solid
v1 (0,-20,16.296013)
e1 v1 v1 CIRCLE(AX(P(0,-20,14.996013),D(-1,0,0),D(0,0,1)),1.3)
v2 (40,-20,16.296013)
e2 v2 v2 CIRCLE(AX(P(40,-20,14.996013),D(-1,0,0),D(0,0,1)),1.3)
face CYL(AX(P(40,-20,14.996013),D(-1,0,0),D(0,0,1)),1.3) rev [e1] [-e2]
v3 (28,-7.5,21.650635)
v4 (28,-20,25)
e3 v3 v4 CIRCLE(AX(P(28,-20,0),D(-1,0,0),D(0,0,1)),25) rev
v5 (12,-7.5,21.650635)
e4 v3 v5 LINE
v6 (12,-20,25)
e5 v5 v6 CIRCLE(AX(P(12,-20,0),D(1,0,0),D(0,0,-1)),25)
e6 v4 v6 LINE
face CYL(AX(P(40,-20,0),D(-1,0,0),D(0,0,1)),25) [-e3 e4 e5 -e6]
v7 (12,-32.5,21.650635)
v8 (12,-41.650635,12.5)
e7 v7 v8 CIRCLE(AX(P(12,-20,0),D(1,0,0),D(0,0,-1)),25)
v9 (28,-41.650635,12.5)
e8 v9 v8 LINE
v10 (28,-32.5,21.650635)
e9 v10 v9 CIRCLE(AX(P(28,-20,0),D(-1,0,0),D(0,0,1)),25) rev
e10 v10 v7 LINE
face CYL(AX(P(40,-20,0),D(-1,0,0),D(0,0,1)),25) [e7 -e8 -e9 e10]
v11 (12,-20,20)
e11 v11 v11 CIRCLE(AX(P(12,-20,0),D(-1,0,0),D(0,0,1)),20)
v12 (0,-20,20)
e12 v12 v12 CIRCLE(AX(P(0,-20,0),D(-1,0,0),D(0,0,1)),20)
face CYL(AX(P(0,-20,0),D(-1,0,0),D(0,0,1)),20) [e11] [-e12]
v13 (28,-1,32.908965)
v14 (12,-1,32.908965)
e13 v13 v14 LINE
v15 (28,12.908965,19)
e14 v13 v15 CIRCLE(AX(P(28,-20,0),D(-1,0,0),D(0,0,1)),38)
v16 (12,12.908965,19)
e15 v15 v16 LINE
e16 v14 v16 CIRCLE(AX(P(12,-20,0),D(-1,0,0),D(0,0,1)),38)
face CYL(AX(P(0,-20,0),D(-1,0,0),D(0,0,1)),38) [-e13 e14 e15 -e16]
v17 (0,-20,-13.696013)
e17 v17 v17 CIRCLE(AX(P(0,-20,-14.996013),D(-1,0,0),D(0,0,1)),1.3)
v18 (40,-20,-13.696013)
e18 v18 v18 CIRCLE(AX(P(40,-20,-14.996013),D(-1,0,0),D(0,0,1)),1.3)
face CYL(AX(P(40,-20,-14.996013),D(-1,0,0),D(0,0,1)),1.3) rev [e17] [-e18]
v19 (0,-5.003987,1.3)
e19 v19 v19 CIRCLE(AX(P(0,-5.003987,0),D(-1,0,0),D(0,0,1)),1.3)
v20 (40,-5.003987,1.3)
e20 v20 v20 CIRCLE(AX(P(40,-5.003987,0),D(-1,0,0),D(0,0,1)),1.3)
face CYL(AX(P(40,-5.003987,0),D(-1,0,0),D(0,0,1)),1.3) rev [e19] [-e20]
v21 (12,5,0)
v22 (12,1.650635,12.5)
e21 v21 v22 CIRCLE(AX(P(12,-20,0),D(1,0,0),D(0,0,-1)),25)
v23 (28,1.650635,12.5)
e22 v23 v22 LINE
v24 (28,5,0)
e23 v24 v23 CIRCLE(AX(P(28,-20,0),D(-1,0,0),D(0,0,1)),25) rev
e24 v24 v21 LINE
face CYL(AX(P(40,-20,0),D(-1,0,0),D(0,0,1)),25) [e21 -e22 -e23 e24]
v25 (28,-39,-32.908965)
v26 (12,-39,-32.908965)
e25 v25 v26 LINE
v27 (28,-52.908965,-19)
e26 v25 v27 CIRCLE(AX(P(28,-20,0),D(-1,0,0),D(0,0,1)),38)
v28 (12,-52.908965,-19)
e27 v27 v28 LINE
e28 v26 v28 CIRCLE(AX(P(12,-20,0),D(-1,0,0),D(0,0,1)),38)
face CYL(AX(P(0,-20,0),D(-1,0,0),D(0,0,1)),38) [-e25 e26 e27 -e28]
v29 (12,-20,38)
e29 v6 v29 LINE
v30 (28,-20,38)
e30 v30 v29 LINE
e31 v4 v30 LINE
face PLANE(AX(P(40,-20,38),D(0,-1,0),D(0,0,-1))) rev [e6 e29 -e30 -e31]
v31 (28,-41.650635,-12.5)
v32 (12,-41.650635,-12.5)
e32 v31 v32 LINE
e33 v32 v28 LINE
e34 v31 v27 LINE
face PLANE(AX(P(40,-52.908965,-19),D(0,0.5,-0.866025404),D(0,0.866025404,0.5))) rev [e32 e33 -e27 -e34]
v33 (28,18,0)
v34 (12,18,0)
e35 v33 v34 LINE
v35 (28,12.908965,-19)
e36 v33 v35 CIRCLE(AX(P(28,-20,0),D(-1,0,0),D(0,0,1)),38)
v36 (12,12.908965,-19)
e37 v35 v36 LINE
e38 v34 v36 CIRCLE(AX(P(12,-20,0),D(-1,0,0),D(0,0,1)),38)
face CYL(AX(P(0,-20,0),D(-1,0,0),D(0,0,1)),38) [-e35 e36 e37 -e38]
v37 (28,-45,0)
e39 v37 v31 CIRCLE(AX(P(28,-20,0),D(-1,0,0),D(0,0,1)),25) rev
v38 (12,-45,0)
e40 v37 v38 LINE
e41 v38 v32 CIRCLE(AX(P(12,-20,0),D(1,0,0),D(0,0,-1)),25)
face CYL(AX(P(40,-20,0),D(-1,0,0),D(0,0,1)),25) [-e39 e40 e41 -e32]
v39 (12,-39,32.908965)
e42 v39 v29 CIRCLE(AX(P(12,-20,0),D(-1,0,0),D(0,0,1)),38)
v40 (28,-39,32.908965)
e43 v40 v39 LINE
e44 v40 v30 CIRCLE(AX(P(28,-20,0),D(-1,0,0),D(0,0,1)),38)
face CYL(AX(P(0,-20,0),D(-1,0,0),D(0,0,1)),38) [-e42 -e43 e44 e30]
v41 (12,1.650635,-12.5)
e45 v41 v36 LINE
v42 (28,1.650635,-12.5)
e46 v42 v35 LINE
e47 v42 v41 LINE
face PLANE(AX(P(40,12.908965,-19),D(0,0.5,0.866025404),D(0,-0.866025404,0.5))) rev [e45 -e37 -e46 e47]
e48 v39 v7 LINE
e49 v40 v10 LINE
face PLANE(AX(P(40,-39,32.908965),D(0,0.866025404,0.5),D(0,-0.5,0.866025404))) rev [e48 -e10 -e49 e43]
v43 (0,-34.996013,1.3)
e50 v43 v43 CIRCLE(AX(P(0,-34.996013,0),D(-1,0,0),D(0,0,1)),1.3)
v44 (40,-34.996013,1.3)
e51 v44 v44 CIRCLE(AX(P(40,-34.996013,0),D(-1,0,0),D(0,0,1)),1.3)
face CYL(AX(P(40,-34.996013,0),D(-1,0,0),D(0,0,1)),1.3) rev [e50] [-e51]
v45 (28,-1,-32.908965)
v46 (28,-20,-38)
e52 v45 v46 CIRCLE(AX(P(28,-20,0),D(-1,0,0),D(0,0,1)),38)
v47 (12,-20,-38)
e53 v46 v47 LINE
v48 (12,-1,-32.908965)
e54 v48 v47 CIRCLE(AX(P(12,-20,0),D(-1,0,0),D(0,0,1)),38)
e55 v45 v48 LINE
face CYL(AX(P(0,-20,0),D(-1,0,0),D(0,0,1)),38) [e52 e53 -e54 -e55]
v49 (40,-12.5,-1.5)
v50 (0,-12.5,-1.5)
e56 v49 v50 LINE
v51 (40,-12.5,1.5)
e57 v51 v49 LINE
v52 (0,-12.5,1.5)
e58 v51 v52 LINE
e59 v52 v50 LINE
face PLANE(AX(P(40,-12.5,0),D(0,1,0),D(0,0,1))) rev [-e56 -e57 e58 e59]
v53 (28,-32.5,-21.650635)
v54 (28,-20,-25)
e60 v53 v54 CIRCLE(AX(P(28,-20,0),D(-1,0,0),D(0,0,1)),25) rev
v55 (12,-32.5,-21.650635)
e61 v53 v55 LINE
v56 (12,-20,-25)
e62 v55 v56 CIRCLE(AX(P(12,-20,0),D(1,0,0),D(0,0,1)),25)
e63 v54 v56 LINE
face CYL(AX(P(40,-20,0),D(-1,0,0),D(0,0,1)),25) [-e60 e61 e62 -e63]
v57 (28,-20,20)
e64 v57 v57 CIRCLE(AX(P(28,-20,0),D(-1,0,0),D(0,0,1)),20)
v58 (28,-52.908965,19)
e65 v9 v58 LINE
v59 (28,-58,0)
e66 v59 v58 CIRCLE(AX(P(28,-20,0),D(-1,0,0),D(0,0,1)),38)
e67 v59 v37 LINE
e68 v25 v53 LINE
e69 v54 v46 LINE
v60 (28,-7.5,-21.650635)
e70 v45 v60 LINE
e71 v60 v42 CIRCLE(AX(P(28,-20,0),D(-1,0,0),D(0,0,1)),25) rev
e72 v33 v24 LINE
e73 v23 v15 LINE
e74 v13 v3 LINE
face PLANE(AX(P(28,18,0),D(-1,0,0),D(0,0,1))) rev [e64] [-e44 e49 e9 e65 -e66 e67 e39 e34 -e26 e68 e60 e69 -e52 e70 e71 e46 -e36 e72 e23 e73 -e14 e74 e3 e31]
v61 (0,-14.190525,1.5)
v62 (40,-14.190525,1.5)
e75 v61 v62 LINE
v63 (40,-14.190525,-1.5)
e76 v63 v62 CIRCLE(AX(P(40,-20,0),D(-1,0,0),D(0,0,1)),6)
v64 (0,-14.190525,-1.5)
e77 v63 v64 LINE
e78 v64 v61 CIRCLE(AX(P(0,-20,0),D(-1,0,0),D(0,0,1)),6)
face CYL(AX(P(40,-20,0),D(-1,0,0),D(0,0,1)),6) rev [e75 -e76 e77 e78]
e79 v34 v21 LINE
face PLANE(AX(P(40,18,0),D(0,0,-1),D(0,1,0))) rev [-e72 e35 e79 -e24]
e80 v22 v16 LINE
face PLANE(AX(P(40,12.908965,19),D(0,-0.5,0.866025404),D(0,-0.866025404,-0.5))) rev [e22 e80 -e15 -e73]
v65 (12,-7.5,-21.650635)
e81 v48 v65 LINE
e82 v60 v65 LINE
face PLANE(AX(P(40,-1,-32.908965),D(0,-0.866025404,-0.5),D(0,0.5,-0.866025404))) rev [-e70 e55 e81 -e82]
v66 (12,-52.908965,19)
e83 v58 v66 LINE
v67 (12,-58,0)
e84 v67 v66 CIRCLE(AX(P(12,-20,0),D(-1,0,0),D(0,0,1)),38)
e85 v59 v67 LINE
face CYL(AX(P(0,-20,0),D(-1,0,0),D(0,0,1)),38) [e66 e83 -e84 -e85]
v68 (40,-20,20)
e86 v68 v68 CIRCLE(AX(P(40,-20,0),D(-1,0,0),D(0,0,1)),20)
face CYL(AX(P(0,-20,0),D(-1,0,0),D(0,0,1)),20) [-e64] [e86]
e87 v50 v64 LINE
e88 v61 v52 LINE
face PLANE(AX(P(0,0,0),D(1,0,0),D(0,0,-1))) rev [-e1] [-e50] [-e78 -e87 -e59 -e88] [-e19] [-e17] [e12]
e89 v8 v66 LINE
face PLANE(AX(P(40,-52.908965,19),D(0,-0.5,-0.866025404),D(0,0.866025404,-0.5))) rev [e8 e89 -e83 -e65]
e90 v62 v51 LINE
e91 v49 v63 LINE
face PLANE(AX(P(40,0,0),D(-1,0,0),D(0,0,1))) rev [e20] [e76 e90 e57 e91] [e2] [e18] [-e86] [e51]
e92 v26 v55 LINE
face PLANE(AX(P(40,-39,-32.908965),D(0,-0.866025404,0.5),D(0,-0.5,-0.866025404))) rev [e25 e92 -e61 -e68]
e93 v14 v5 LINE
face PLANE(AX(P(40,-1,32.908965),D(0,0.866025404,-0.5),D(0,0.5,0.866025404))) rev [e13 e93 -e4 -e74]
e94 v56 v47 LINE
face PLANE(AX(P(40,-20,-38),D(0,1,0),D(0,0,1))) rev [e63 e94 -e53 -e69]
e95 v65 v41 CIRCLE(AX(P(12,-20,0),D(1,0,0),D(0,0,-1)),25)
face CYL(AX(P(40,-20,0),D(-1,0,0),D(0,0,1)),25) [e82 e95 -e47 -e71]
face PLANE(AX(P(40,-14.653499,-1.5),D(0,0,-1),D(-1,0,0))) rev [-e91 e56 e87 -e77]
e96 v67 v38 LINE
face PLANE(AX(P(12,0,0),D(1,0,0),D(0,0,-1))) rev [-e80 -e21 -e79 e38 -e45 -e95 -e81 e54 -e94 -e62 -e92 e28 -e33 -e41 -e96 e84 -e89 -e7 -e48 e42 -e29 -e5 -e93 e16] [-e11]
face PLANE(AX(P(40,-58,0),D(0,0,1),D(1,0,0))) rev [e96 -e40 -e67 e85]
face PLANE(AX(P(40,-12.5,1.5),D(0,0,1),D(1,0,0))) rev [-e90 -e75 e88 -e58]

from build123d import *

# Parameters (mm, degrees)
ESBO_O2_R             = 6
CORTE_EXTRUS_O1_DEPTH = 41
CORTE_EXTRUS_O7_DEPTH = 41
CORTE_EXTRUS_O8_DEPTH = 29
ESBO_O10_R            = 1.3
CORTE_EXTRUS_O9_DEPTH = 41


with BuildPart() as part:
    # Esboço1 → Revolução1 (revolve)
    with BuildSketch(Plane.XY):
        Polygon((0, 0), (12, 0), (12, 18), (28, 18), (28, 0), (40, 0), (40, -20), (0, -20), align=None)
    revolve(axis=Axis((0, -20, 0), (1, 0, 0)))

    # Esboço2 → Corte-extrusão1 (cut, through all)
    with BuildSketch(Plane.ZY):
        with Locations((0, -20)):
            Circle(ESBO_O2_R)
    extrude(amount=-CORTE_EXTRUS_O1_DEPTH, mode=Mode.SUBTRACT)

    # Esboço8 → Corte-extrusão7 (cut, through all)
    with BuildSketch(Plane.ZY):
        Polygon((0, -12.5), (1.5, -12.5), (1.5, -14.653499006), (-1.5, -14.653499006), (-1.5, -12.5), align=None)
    extrude(amount=-CORTE_EXTRUS_O7_DEPTH, mode=Mode.SUBTRACT)

    # Esboço9 → Corte-extrusão8 (cut, through all)
    with BuildSketch(Plane.ZY.offset(-12)):
        with BuildLine():
            Line((0, -58), (0, -45))
            ThreePointArc((0, -45), (-6.470476128, -44.148145657), (-12.5, -41.650635095))
            Line((-12.5, -41.650635095), (-19, -52.908965344))
            ThreePointArc((-19, -52.908965344), (-9.835123714, -56.705181399), (0, -58))
        make_face()
        with BuildLine():
            Line((19, 12.908965344), (12.5, 1.650635095))
            ThreePointArc((12.5, 1.650635095), (6.470476128, 4.148145657), (0, 5))
            Line((0, 5), (0, 18))
            ThreePointArc((0, 18), (9.835123714, 16.705181399), (19, 12.908965344))
        make_face()
        with BuildLine():
            Line((-19, 12.908965344), (-12.5, 1.650635095))
            ThreePointArc((-12.5, 1.650635095), (-17.67766953, -2.32233047), (-21.650635095, -7.5))
            Line((-21.650635095, -7.5), (-32.908965344, -1))
            ThreePointArc((-32.908965344, -1), (-26.870057685, 6.870057685), (-19, 12.908965344))
        make_face()
        with BuildLine():
            Line((32.908965344, -1), (21.650635095, -7.5))
            ThreePointArc((21.650635095, -7.5), (24.148145657, -13.529523872), (25, -20))
            Line((25, -20), (38, -20))
            ThreePointArc((38, -20), (36.705181399, -10.164876286), (32.908965344, -1))
        make_face()
        with BuildLine():
            Line((19, -52.908965344), (12.5, -41.650635095))
            ThreePointArc((12.5, -41.650635095), (17.67766953, -37.67766953), (21.650635095, -32.5))
            Line((21.650635095, -32.5), (32.908965344, -39))
            ThreePointArc((32.908965344, -39), (26.870057685, -46.870057685), (19, -52.908965344))
        make_face()
        with BuildLine():
            Line((-38, -20), (-25, -20))
            ThreePointArc((-25, -20), (-24.148145657, -26.470476128), (-21.650635095, -32.5))
            Line((-21.650635095, -32.5), (-32.908965344, -39))
            ThreePointArc((-32.908965344, -39), (-36.705181399, -29.835123714), (-38, -20))
        make_face()
    extrude(amount=-CORTE_EXTRUS_O8_DEPTH, mode=Mode.SUBTRACT)

    # Esboço10 → Corte-extrusão9 (cut, through all)
    with BuildSketch(Plane.ZY):
        with Locations((0, -5.003986953)):
            Circle(ESBO_O10_R)
        with Locations((14.996013047, -20)):
            Circle(ESBO_O10_R)
        with Locations((0, -34.996013047)):
            Circle(ESBO_O10_R)
        with Locations((-14.996013047, -20)):
            Circle(ESBO_O10_R)
    extrude(amount=-CORTE_EXTRUS_O9_DEPTH, mode=Mode.SUBTRACT)


solid = part.part
